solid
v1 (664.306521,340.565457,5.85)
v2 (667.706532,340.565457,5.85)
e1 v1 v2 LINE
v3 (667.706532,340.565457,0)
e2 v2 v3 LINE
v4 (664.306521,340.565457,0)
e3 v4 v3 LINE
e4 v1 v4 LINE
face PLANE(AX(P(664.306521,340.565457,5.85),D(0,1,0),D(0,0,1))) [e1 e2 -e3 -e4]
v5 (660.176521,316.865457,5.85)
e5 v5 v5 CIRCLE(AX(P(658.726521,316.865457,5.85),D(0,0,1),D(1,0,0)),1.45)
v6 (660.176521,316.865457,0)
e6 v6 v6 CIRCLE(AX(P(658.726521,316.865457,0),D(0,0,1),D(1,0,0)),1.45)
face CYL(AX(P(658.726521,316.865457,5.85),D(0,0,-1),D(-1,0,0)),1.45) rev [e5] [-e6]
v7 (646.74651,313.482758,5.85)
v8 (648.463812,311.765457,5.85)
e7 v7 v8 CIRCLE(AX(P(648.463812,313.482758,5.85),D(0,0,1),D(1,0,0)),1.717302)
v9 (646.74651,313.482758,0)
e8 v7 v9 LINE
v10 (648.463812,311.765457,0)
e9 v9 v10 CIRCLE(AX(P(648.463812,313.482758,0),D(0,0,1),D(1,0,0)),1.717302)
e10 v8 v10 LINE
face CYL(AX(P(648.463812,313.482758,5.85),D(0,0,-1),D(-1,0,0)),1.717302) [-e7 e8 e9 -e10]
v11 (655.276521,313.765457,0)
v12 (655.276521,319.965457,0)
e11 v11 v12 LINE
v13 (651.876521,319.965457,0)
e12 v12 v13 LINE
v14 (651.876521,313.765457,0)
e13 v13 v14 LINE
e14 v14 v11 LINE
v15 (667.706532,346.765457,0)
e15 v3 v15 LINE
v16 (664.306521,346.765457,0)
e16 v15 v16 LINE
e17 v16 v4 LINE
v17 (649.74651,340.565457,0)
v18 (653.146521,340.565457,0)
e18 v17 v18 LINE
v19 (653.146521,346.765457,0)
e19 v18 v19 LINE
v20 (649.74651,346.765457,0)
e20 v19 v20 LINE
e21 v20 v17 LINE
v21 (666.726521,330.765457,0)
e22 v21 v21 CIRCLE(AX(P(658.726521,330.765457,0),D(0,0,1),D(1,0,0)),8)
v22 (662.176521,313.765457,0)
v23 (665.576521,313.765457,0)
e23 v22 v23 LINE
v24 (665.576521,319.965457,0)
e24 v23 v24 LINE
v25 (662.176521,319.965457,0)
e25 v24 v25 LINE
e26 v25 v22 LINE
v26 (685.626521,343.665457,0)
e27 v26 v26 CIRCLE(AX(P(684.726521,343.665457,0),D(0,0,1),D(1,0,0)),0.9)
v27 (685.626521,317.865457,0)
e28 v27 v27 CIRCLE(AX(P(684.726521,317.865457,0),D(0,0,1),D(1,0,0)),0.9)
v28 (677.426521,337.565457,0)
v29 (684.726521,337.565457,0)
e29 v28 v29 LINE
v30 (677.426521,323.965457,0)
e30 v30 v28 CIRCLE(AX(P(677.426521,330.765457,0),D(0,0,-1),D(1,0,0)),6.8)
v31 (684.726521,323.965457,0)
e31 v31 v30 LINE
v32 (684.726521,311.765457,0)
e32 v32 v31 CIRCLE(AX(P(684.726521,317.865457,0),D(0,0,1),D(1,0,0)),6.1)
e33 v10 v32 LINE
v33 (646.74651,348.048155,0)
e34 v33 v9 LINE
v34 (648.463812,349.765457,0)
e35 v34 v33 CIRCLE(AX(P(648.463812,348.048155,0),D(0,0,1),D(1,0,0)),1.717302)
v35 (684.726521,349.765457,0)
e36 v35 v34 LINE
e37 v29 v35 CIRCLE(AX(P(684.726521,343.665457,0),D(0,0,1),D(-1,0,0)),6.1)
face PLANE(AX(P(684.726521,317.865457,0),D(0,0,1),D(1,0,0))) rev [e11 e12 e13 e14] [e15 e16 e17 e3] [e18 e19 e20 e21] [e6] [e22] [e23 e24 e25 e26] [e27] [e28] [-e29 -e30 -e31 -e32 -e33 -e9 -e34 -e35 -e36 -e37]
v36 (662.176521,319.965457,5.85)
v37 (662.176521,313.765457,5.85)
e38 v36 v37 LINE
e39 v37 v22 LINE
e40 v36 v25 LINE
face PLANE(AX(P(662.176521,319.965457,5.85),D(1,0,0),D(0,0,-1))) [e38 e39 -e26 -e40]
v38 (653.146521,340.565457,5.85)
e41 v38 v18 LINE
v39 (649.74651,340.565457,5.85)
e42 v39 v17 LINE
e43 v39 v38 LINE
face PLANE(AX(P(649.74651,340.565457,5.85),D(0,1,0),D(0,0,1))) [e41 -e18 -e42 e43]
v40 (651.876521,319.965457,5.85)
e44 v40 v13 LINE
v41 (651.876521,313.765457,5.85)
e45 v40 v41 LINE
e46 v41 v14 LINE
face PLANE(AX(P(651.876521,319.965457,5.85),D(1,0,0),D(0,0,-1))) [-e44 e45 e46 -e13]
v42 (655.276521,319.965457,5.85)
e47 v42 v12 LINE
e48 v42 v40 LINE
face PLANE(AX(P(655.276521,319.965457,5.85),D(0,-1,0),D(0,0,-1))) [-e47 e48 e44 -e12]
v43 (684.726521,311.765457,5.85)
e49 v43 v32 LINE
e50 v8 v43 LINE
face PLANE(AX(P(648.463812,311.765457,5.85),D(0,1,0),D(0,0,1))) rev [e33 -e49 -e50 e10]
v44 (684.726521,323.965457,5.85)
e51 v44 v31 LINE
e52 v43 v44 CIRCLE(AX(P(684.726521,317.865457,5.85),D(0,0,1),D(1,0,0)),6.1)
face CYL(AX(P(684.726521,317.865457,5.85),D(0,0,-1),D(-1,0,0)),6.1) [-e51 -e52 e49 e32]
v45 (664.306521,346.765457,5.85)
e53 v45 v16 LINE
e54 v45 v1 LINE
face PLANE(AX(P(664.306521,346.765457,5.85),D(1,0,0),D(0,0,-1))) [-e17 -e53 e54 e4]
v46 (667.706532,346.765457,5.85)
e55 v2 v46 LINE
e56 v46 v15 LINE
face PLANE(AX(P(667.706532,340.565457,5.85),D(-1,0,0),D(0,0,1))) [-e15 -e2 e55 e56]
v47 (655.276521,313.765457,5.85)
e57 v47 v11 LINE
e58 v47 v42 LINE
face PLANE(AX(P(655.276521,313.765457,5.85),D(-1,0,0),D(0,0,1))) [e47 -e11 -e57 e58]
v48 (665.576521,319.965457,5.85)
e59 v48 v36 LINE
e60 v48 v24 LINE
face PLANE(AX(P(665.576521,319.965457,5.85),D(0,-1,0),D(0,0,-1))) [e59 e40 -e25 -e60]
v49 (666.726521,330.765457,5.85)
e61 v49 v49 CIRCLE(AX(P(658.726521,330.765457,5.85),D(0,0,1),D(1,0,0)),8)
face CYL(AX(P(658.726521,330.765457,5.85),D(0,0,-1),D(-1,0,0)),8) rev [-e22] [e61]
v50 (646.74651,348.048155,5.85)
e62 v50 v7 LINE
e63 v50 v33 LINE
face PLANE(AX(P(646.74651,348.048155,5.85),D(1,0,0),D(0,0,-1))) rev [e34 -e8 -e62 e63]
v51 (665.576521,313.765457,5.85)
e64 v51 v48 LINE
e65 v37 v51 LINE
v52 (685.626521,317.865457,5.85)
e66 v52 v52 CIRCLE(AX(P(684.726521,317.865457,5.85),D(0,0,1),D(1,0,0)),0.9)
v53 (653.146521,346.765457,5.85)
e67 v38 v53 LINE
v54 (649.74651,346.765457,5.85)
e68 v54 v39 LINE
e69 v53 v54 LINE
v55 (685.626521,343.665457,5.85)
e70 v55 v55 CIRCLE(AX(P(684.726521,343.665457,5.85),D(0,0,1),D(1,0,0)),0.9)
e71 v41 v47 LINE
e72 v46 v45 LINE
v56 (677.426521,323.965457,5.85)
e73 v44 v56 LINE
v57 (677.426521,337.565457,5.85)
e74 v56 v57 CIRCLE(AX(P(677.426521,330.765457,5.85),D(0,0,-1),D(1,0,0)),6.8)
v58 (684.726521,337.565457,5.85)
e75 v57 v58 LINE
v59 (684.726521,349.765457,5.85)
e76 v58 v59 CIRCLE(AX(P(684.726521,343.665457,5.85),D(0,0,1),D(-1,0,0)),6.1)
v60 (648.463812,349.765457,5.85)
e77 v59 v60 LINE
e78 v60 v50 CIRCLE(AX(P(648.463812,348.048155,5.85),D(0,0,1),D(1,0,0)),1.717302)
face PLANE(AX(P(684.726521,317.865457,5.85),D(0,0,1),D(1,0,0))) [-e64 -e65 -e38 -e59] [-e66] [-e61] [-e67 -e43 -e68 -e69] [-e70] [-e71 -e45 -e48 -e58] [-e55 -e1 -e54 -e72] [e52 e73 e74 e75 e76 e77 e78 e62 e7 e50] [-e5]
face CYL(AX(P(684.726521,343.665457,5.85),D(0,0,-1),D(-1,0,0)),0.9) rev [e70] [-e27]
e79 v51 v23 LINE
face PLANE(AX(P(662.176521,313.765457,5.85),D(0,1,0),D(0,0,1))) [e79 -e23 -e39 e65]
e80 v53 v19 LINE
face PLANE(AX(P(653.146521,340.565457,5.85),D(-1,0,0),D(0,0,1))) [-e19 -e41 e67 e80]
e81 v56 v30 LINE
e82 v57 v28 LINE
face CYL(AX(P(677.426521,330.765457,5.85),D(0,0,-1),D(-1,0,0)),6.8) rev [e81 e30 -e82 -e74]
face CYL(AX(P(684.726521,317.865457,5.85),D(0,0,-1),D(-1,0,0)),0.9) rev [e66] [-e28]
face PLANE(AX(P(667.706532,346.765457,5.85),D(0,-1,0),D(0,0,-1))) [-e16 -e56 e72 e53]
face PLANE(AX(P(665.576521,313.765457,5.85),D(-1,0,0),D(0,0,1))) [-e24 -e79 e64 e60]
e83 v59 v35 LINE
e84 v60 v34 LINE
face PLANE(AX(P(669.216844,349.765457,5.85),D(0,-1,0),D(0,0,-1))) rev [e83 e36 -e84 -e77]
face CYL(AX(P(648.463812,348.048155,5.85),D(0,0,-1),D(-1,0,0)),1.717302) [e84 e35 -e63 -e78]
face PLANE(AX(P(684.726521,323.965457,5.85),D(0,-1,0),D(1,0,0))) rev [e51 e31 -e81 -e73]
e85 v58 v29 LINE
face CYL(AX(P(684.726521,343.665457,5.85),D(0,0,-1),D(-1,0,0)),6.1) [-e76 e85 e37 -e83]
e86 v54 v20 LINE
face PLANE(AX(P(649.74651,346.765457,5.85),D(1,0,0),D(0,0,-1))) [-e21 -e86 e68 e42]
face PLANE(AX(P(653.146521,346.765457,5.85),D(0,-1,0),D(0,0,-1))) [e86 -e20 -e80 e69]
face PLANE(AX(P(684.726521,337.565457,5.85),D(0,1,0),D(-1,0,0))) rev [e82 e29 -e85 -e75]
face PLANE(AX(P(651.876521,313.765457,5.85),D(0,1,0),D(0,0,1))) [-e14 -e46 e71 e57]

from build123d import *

# Parameters (mm, degrees)
SKETCH1_R           = 0.9
SKETCH1_R_2         = 1.45
SKETCH1_R_3         = 8
SKETCH1_W           = 3.400011
SKETCH1_H           = 6.2
SKETCH1_W_2         = 3.4
BOSS_EXTRUDE2_DEPTH = 5.85


with BuildPart() as part:
    # Sketch1 → Boss-Extrude2 (new body)
    with BuildSketch(Plane.XY):
        with BuildLine():
            Line((669.21684417, 349.76545661), (648.4638119, 349.76545661))
            ThreePointArc((648.4638119, 349.76545661), (647.249496344, 349.262470637), (646.746510371, 348.048155081))
            Line((646.746510371, 348.048155081), (646.746510371, 313.482758138))
            ThreePointArc((646.746510371, 313.482758138), (647.249496344, 312.268442582), (648.4638119, 311.76545661))
            Line((648.4638119, 311.76545661), (669.21684417, 311.76545661))
            Line((669.21684417, 311.76545661), (684.726521371, 311.76545661))
            ThreePointArc((684.726521371, 311.76545661), (690.826521371, 317.86545661), (684.726521371, 323.96545661))
            Line((684.726521371, 323.96545661), (677.426521371, 323.96545661))
            ThreePointArc((677.426521371, 323.96545661), (670.626521371, 330.76545661), (677.426521371, 337.56545661))
            Line((677.426521371, 337.56545661), (684.726521371, 337.56545661))
            ThreePointArc((684.726521371, 337.56545661), (690.826521371, 343.66545661), (684.726521371, 349.76545661))
            Line((684.726521371, 349.76545661), (669.21684417, 349.76545661))
        make_face()
        with Locations((684.726521371, 343.66545661)):
            Circle(SKETCH1_R, mode=Mode.SUBTRACT)
        with Locations((684.726521371, 317.86545661)):
            Circle(SKETCH1_R, mode=Mode.SUBTRACT)
        with Locations((658.726521371, 316.86545661)):
            Circle(SKETCH1_R_2, mode=Mode.SUBTRACT)
        with Locations((658.726521371, 330.76545661)):
            Circle(SKETCH1_R_3, mode=Mode.SUBTRACT)
        with Locations((651.446515871, 343.66545661)):
            Rectangle(SKETCH1_W, SKETCH1_H, mode=Mode.SUBTRACT)
        with Locations((653.576521371, 316.86545661)):
            Rectangle(SKETCH1_W_2, SKETCH1_H, mode=Mode.SUBTRACT)
        with Locations((666.006526871, 343.66545661)):
            Rectangle(SKETCH1_W, SKETCH1_H, mode=Mode.SUBTRACT)
        with Locations((663.876521371, 316.86545661)):
            Rectangle(SKETCH1_W_2, SKETCH1_H, mode=Mode.SUBTRACT)
    extrude(amount=BOSS_EXTRUDE2_DEPTH)


solid = part.part
